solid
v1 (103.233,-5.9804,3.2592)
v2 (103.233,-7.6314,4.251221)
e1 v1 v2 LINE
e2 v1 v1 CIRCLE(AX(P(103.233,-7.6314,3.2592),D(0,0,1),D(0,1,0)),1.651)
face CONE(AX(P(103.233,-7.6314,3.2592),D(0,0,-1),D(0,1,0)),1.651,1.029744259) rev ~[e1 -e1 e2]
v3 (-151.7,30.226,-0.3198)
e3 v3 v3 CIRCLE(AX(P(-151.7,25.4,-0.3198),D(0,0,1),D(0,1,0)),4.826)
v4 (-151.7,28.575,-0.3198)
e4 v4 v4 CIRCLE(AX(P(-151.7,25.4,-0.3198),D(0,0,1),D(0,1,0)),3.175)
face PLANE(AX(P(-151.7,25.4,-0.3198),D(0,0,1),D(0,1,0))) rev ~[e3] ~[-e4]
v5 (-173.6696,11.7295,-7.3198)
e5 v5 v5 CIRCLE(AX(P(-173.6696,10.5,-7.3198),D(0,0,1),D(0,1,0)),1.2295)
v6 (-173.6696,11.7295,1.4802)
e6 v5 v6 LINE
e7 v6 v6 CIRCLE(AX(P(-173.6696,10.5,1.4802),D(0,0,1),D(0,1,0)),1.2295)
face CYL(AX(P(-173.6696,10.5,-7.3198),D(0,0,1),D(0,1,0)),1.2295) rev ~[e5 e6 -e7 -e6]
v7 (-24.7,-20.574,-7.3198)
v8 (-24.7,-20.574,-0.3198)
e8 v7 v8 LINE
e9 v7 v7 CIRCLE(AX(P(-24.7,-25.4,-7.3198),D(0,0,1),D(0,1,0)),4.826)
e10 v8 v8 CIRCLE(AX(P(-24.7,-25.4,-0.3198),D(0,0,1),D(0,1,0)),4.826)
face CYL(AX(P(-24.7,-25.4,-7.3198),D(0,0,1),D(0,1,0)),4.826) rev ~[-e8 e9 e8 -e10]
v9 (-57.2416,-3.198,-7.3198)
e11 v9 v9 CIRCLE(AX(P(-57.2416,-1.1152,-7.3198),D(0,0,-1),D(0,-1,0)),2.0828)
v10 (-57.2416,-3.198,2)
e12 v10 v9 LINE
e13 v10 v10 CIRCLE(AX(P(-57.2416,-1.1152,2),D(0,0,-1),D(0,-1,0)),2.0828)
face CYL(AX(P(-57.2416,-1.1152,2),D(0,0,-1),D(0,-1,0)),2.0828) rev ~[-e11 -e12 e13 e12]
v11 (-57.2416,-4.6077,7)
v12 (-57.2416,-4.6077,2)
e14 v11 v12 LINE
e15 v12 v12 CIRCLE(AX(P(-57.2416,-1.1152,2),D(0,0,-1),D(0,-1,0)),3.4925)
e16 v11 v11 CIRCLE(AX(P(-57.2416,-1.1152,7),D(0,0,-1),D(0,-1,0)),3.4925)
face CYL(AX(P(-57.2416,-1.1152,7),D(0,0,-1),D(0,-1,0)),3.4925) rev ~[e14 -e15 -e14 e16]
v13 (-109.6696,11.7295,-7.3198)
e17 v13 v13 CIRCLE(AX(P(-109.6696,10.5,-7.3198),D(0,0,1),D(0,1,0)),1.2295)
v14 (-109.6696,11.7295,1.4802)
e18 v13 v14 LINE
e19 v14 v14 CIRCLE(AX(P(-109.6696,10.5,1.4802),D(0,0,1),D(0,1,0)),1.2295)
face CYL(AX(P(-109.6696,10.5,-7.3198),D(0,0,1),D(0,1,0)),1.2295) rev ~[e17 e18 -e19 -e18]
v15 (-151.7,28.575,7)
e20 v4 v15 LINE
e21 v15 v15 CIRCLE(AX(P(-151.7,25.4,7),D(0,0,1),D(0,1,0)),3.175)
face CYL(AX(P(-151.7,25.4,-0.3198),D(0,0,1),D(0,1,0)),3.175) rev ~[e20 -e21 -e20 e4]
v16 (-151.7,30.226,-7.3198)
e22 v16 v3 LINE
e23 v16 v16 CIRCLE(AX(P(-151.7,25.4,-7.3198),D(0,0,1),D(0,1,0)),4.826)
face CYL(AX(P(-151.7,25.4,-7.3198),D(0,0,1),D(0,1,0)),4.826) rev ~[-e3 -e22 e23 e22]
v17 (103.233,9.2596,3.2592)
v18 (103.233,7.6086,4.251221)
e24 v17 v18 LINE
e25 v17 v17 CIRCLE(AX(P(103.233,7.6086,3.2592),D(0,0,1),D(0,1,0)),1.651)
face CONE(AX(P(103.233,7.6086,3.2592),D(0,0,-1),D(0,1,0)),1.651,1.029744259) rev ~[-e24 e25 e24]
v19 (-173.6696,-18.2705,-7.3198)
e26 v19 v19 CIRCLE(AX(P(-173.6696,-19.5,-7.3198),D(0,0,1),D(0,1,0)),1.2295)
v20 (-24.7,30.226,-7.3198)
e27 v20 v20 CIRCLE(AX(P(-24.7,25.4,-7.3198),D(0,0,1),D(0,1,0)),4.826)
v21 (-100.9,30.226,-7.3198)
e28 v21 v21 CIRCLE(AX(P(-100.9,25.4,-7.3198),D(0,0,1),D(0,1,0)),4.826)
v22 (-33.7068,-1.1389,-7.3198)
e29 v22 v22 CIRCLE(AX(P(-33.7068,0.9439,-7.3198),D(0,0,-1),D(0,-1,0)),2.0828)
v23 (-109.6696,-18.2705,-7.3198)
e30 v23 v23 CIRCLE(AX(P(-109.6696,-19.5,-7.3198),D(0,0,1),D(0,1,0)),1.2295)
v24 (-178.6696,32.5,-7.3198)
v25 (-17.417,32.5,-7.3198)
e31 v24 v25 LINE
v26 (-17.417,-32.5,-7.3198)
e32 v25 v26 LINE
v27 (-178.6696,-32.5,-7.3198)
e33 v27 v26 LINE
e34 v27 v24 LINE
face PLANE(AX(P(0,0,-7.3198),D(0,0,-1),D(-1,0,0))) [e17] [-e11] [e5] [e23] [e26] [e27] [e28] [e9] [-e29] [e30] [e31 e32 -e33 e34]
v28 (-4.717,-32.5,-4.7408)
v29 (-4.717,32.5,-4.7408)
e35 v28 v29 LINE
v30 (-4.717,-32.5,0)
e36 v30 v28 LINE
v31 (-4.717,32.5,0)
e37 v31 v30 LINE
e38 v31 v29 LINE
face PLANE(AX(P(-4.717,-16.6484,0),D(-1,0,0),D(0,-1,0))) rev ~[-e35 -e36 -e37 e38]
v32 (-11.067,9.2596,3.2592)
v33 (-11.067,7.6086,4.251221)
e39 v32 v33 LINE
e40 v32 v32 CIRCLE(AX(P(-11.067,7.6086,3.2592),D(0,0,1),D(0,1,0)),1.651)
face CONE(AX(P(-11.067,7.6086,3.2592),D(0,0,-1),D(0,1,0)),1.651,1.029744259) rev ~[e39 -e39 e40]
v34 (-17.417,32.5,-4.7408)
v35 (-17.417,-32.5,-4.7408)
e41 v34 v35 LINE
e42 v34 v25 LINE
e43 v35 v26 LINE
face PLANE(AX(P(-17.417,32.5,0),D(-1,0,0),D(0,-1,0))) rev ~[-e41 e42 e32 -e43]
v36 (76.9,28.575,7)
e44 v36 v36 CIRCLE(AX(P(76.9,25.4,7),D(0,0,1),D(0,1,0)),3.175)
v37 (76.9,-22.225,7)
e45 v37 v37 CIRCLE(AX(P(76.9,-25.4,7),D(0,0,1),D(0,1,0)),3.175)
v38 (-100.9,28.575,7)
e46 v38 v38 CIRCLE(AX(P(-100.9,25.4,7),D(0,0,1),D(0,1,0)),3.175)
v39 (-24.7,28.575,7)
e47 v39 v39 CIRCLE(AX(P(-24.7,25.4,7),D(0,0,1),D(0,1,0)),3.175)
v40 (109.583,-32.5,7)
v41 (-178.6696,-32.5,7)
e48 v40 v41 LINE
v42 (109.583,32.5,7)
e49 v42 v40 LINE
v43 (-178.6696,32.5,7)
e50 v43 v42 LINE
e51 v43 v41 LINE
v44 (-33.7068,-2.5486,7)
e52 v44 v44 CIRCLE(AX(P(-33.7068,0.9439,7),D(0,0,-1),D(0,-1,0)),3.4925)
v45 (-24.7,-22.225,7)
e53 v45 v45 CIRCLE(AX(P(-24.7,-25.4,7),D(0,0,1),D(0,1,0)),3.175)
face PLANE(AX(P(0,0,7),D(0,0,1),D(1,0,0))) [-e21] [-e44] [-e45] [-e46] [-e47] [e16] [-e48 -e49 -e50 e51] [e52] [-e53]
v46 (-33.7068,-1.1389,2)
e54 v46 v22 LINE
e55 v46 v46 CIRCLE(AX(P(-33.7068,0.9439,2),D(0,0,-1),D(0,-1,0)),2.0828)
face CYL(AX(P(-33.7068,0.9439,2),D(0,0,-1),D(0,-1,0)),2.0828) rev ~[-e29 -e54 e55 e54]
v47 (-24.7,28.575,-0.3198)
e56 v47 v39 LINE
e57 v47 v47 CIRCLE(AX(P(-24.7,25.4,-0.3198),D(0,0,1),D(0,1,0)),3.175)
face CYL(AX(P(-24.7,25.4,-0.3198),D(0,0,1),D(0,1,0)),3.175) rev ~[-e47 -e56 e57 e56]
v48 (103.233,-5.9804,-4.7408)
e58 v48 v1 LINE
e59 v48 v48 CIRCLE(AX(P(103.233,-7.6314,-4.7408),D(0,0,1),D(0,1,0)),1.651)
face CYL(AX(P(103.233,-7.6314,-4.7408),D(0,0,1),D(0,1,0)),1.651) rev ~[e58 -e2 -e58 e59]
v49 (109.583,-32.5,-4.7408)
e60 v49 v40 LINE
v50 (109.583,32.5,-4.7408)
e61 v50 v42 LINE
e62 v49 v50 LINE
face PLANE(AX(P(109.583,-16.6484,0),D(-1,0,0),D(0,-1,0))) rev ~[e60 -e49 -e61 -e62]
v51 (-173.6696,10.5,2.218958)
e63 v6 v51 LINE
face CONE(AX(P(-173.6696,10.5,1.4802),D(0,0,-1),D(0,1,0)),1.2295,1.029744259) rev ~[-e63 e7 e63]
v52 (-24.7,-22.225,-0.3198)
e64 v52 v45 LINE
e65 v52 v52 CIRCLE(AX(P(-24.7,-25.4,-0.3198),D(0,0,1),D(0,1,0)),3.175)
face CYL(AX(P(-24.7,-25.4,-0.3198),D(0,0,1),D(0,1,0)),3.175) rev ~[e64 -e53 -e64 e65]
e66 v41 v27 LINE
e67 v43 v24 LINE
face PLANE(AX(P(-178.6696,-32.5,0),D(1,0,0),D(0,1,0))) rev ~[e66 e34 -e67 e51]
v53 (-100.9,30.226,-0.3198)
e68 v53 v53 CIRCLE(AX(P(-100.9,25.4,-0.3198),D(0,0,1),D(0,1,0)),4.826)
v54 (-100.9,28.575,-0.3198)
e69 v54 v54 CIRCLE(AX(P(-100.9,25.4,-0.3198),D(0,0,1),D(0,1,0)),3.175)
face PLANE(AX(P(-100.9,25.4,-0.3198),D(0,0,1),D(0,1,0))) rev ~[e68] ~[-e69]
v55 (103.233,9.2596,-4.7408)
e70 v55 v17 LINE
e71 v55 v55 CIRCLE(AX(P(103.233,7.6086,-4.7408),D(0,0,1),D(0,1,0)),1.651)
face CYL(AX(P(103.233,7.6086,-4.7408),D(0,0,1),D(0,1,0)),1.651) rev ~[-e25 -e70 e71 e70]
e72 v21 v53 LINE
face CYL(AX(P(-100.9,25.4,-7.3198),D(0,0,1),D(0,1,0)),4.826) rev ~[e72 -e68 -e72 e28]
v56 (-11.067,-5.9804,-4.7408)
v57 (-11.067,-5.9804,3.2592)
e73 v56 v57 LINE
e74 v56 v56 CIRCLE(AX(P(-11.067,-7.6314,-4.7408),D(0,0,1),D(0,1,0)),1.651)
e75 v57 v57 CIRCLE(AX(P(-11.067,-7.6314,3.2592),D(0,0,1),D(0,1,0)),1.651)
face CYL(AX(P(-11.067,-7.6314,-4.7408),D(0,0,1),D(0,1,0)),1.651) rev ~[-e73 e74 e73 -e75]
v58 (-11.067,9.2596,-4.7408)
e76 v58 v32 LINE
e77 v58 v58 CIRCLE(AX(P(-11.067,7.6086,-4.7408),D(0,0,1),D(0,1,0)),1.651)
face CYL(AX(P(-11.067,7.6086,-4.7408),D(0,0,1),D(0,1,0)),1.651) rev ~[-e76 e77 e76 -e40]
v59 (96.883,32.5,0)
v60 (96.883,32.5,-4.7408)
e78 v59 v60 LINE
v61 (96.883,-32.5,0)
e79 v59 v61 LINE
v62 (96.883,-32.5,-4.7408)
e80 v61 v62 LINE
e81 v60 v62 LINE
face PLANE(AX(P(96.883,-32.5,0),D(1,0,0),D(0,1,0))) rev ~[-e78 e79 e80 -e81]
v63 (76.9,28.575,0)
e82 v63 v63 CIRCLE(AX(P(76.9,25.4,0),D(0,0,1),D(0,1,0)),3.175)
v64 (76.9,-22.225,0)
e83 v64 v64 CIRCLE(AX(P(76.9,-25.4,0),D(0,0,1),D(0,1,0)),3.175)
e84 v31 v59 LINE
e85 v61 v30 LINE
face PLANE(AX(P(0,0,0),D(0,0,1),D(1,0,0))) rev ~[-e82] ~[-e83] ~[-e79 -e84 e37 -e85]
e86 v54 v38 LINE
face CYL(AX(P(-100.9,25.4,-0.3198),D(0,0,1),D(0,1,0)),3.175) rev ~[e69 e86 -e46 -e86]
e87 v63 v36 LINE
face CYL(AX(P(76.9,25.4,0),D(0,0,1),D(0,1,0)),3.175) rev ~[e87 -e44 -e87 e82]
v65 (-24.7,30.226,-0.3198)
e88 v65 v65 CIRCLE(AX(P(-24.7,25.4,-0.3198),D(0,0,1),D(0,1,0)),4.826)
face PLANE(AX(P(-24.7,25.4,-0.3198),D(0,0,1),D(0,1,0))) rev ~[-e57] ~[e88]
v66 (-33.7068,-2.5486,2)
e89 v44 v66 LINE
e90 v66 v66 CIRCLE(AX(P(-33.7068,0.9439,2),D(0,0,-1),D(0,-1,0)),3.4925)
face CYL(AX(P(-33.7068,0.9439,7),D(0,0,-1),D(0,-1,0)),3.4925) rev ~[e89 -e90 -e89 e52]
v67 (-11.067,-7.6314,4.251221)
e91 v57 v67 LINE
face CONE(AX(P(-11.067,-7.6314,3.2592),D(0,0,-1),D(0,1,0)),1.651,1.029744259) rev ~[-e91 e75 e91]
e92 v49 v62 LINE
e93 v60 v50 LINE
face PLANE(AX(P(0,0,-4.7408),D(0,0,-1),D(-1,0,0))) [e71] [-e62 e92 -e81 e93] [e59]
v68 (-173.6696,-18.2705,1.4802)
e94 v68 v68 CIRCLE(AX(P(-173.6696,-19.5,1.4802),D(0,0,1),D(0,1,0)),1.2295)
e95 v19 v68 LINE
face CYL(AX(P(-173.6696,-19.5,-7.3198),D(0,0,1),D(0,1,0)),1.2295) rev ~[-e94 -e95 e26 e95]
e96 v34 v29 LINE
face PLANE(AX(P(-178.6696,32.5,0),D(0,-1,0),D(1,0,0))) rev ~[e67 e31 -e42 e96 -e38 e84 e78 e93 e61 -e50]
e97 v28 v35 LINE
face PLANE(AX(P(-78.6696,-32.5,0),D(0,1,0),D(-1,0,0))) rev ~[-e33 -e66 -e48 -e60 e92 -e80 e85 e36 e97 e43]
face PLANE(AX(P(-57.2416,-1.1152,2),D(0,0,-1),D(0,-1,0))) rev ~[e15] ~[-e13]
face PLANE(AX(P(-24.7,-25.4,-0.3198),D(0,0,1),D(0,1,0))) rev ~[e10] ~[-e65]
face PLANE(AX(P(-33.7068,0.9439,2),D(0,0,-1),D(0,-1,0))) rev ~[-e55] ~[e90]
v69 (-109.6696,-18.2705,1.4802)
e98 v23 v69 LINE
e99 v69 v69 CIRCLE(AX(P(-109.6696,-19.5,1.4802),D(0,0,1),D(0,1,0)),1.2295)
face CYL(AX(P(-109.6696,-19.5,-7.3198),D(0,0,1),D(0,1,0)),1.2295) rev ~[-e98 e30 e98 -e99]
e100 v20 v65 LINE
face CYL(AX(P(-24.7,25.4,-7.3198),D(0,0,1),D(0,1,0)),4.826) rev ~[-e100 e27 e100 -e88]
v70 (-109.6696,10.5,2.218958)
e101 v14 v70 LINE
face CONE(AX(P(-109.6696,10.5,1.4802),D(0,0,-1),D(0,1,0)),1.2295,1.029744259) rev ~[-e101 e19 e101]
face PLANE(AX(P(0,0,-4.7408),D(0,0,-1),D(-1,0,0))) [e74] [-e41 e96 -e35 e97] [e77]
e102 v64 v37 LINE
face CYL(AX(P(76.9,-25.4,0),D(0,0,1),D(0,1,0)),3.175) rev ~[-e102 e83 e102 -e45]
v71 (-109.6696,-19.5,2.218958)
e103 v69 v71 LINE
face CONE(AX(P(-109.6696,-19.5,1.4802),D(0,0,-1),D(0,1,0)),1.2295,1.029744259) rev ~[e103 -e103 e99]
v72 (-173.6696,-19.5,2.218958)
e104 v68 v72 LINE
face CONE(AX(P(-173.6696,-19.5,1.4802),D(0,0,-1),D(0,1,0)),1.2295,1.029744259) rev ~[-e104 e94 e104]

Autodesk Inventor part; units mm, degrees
ref_plane "YZ Plane" through (0, 0, 0) normal (1, 0, 0) x (0, 1, 0)
ref_plane "XZ Plane" through (0, 0, 0) normal (0, 1, 0) x (-1, 0, 0)
ref_plane "XY Plane" through (0, 0, 0) normal (0, 0, 1) x (1, 0, 0)
sketch "Sketch1" plane through (0, 0, 0) normal (0, 0, 1) x (1, 0, 0)
  line L0 (-192.5, 32.5) -> (192.5, 32.5)
  line L1 (192.5, 32.5) -> (192.5, -32.5)
  line L2 (192.5, -32.5) -> (-192.5, -32.5)
  line L3 (-192.5, -32.5) -> (-192.5, 32.5)
  point P0 (0, 0)
  dimension "d0" = 385
  dimension "d1" = 192.5
  dimension "d2" = 65
  dimension "d3" = 32.5
extrude "Extrusion1" add sketch "Sketch1" along normal blind 7
sketch "Sketch2" plane through (0, 0, 0) normal (0, 0, -1) x (-1, 0, 0)
  line L0 (192.5, 32.5) -> (-192.5, 32.5) projected
  line L1 (-192.5, 32.5) -> (-192.5, -32.5) projected
  line L2 (-192.5, -32.5) -> (192.5, -32.5) projected
  line L3 (17.417, 16.6256) -> (17.417, -16.6484) projected
  line L4 (-192.5, 16.6256) -> (-192.5, -16.6484) projected
  line L5 (17.417, 32.5) -> (17.417, -32.5)
  line L6 (4.717, 16.6256) -> (4.717, -16.6484) projected
  line L7 (-171.164, 18.034) -> (-179.8, 18.034) projected
  line L8 (-179.8, 16.6256) -> (-179.8, -16.6484) projected
  line L9 (-179.8, 32.5) -> (-179.8, -32.5)
  line L10 (4.717, 32.5) -> (4.717, -32.5)
  point P0 (0, 0)
extrude "Extrusion2" add sketch "Sketch2" along normal blind 4.7408 contours L5 L3 L2 L10 L6 L0 | L9 L8 L2 L1 L0
sketch "Sketch3" plane through (0, 0, 0) normal (0, 0, -1) x (-1, 0, 0)
  line L0 (17.417, 32.5) -> (17.417, -32.5) projected
  line L1 (17.417, -32.5) -> (192.5, -32.5) projected
  line L2 (63.2414, 16.4628) -> (60.0979, -19.4679) projected
  line L3 (17.417, 32.5) -> (67.417, 32.5)
  line L4 (67.417, 32.5) -> (67.417, -32.5)
  line L5 (67.417, -32.5) -> (17.417, -32.5)
  line L6 (17.417, -32.5) -> (17.417, 32.5)
  line L7 (76.6696, -19.4) -> (76.6696, 30.6) projected
  line L8 (17.417, 32.5) -> (76.6696, 32.5)
  line L9 (76.6696, -32.5) -> (17.417, -32.5)
  line L10 (17.417, -32.5) -> (17.417, 32.5)
  circle A0 centre (83.6696, -4.5) radius 1.5 projected
  circle A1 centre (83.6696, 10.5) radius 2 projected
  line L11 (87.4689, -18.5) -> (87.4689, -24.5) projected
  line L12 (88.6696, -24.5) -> (87.4689, -24.5) projected
  line L13 (88.6696, 15.5) -> (88.6696, -24.5) projected
  line L14 (78.6696, 15.5) -> (88.6696, 15.5) projected
  line L15 (78.6696, -15.5) -> (78.6696, 15.5) projected
  line L16 (78.6696, -15.5) -> (84.4689, -15.5) projected
  arc A2 (87.4689, -18.5) -> (84.4689, -15.5) centre (84.4689, -18.5) ccw projected
  line L17 (67.417, 32.5) -> (78.6696, 32.5)
  line L18 (78.6696, 32.5) -> (78.6696, -32.5)
  line L19 (78.6696, -32.5) -> (67.417, -32.5)
  line L20 (67.417, -32.5) -> (67.417, 32.5)
  point P0 (0, 0)
  dimension "d8" = 50
  dimension "d11" = 0
extrude "Extrusion3" add sketch "Sketch3" along normal blind 7.3198 contours L3 L4 L1 L0 | L8 L17 L18 L15 L1 L4
sketch "Sketch6" plane through (-192.5, -32.5, 7) normal (-1, 0, 0) x (0, 0, 1)
  line L0 (-23, 0) -> (-23, 65) projected
  circle A0 centre (-28, 23.1) radius 1.2295 projected
  circle A1 centre (-28, 53.1) radius 1.2295 projected
  point P0 (-7, 32.5)
hole "Hole1" at (-192.5, -9.4, -21) at (-192.5, 20.6, -21) direction (1, 0, 0) diameter 3 end through all counterbore diameter 5.75 counterbore depth 3
sketch "Sketch8" plane through (0, 0, 7) normal (0, 0, 1) x (1, 0, 0)
  circle A0 centre (-57.2416, -1.1152) radius 2.0828 projected
  circle A1 centre (-33.7068, 0.9439) radius 2.0828 projected
  point P0 (0, 0)
hole "Hole3" at (-33.7068, 0.9439, 7) at (-57.2416, -1.1152, 7) direction (0, 0, -1) diameter 4.1656 end through all counterbore diameter 6.985 counterbore depth 5
sketch "Sketch9" plane through (0, 0, -4.7408) normal (0, 0, -1) x (-1, 0, 0)
  circle A0 centre (11.067, -7.6314) radius 2.1844 projected
  circle A1 centre (11.067, 7.6086) radius 2.1844 projected
  circle A2 centre (-186.15, -7.6314) radius 2.1844 projected
  circle A3 centre (-186.15, 7.6086) radius 2.1844 projected
  point P0 (0, 0)
hole "Hole4" at (-11.067, -7.6314, -4.7408) at (-11.067, 7.6086, -4.7408) at (186.15, -7.6314, -4.7408) at (186.15, 7.6086, -4.7408) direction (0, 0, 1) diameter 3.302 depth 8 tip angle 118 thread size "8-32 UNC" class "2B" standard "ANSI Unified Screw Threads"
sketch "Sketch10" plane through (0, 0, 0) normal (0, 0, -1) x (-1, 0, 0)
  line L0 (192.5, 32.5) -> (78.6696, 32.5) projected
  line L1 (178.6696, 15.5) -> (178.6696, -24.5) projected
  line L2 (178.6696, 32.5) -> (192.5, 32.5)
  line L3 (192.5, 32.5) -> (192.5, -32.5)
  line L4 (192.5, -32.5) -> (178.6696, -32.5)
  line L5 (178.6696, -32.5) -> (178.6696, 32.5)
  point P0 (0, 0)
extrude "Extrusion6" cut sketch "Sketch10" against normal blind 10
sketch "Sketch11" plane through (0, 0, 0) normal (0, 0, -1) x (-1, 0, 0)
  line L0 (178.6696, -32.5) -> (178.6696, 32.5) projected
  line L1 (178.6696, 32.5) -> (78.6696, 32.5) projected
  line L2 (78.6696, 32.5) -> (78.6696, -32.5) projected
  line L3 (78.6696, -32.5) -> (178.6696, -32.5) projected
  point P0 (0, 0)
extrude "Extrusion7" add sketch "Sketch11" along normal blind 7.3198
sketch "Sketch12" plane through (0, 0, -7.3198) normal (0, 0, -1) x (-1, 0, 0)
  circle A0 centre (173.6696, 10.5) radius 2 projected
  circle A1 centre (173.6696, -19.5) radius 2 projected
  line L0 (78.6696, 15.5) -> (178.6696, 15.5) projected
  line L1 (178.6696, 15.5) -> (178.6696, -24.5) projected
  line L2 (178.6696, -24.5) -> (78.6696, -24.5) projected
  line L3 (78.6696, -24.5) -> (78.6696, 15.5) projected
  circle A2 centre (109.6696, -19.5) radius 2.0298
  circle A3 centre (109.6696, 10.5) radius 2
  point P0 (0, 0)
  dimension "d126" = 64
  dimension "d127" = 30
  dimension "d128" = 64
hole "Hole5" at (-173.6696, 10.5, -7.3198) at (-173.6696, -19.5, -7.3198) direction (0, 0, 1) diameter 2.459 depth 8.8 tip angle 118 thread size "M3x0.5" class "6H" standard "ANSI Metric M Profile"
sketch "Sketch13" plane through (0, 0, -7.3198) normal (0, 0, -1) x (-1, 0, 0)
  line L0 (171.6696, -6) -> (175.6696, -6) projected
  arc A0 (175.6696, -6) -> (175.6696, -3) centre (175.6696, -4.5) ccw projected
  line L1 (175.6696, -3) -> (171.6696, -3) projected
  arc A1 (171.6696, -3) -> (171.6696, -6) centre (171.6696, -4.5) ccw projected
  circle A2 centre (83.6696, -4.5) radius 1.5 projected
  circle A3 centre (173.6696, 10.5) radius 2 projected
  circle A4 centre (173.6696, -19.5) radius 2 projected
  circle A5 centre (83.6696, 10.5) radius 2 projected
  circle A6 centre (83.6696, -19.5) radius 2 projected
  line L2 (78.6696, 15.5) -> (178.6696, 15.5) projected
  line L3 (178.6696, 15.5) -> (178.6696, -24.5) projected
  line L4 (178.6696, -24.5) -> (78.6696, -24.5) projected
  line L5 (78.6696, -24.5) -> (78.6696, 15.5) projected
  point P0 (0, 0)
  point P1 (173.6696, -4.5)
hole "Hole6" [suppressed]
sketch "Sketch14" plane through (0, 0, -7.3198) normal (0, 0, -1) x (-1, 0, 0)
  circle A0 centre (126.3, 25.4) radius 3.175 projected
  circle A1 centre (151.7, 25.4) radius 3.175 projected
  point P0 (0, 0)
  point P1 (100.9, 25.4)
  dimension "d63" = 50.8
hole "Hole7" at (-151.7, 25.4, -7.3198) at (-100.9, 25.4, -7.3198) direction (0, 0, 1) diameter 6.35 end through all counterbore diameter 9.652 counterbore depth 7
sketch "Sketch15" plane through (0, 0, -7.3198) normal (0, 0, -1) x (-1, 0, 0)
  line L0 (17.417, 32.5) -> (78.6696, 32.5) projected
  circle A0 centre (100.9, 25.4) radius 4.826 projected
  point P0 (0, 0)
  point P1 (24.7, 25.4)
  point P2 (24.7, -25.4)
  dimension "d71" = 7.1
  dimension "d72" = 76.2
  dimension "d73" = 76.2
  dimension "d74" = 50.8
hole "Hole8" at (-24.7, 25.4, -7.3198) at (-24.7, -25.4, -7.3198) direction (0, 0, 1) diameter 6.35 end through all counterbore diameter 9.652 counterbore depth 7
sketch "Sketch17" plane through (0, 0, 0) normal (0, 0, -1) x (-1, 0, 0)
  line L0 (-179.8, -32.5) -> (4.717, -32.5) projected
  line L1 (4.717, 32.5) -> (-179.8, 32.5) projected
  line L2 (-109.583, 16.6256) -> (-109.583, -16.6484) projected
  line L3 (-96.883, 16.6256) -> (-96.883, -16.6484) projected
  line L4 (-96.883, 32.5) -> (-109.583, 32.5)
  line L5 (-109.583, 32.5) -> (-109.583, -32.5)
  line L6 (-109.583, -32.5) -> (-96.883, -32.5)
  line L7 (-96.883, -32.5) -> (-96.883, 32.5)
  point P0 (0, 0)
extrude "Extrusion8" add sketch "Sketch17" along normal blind 4.7408
sketch "Sketch18" plane through (0, 0, -4.7408) normal (0, 0, -1) x (-1, 0, 0)
  circle A0 centre (-103.233, -7.6314) radius 2.1844 projected
  circle A1 centre (-103.233, 7.6086) radius 2.1844 projected
  point P0 (0, 0)
hole "Hole10" at (103.233, -7.6314, -4.7408) at (103.233, 7.6086, -4.7408) direction (0, 0, 1) diameter 3.302 depth 8 tip angle 118 thread size "8-32 UNC" class "2B" standard "ANSI Unified Screw Threads"
sketch "Sketch19" plane through (0, 0, -4.7408) normal (0, 0, -1) x (-1, 0, 0)
  line L0 (-192.5, -32.5) -> (-192.5, 32.5) projected
  line L1 (-179.8, -32.5) -> (-109.583, -32.5) projected
  line L2 (-109.583, 32.5) -> (-179.8, 32.5) projected
  line L3 (-109.583, 32.5) -> (-192.5, 32.5)
  line L4 (-192.5, 32.5) -> (-192.5, -32.5)
  line L5 (-192.5, -32.5) -> (-109.583, -32.5)
  line L6 (-109.583, -32.5) -> (-109.583, 32.5)
  point P0 (0, 0)
extrude "Extrusion9" cut sketch "Sketch19" against normal blind 25
sketch "Sketch20" plane through (0, 0, 0) normal (0, 0, -1) x (-1, 0, 0)
  circle A0 centre (24.7, -25.4) radius 4.826 projected
  circle A1 centre (24.7, 25.4) radius 4.826 projected
  point P0 (0, 0)
  point P1 (-76.9, -25.4)
  point P2 (-76.9, 25.4)
  dimension "d103" = 101.6
  dimension "d104" = 101.6
hole "Hole11" at (76.9, -25.4, 0) at (76.9, 25.4, 0) direction (0, 0, 1) diameter 6.35 end through all
hole "Hole12" at (-109.6696, 10.5, -7.3198) direction (0, 0, 1) diameter 2.459 depth 8.8 tip angle 118 thread size "M3x0.5" class "6H" standard "ANSI Metric M Profile"
hole "Hole13" at (-109.6696, -19.5, -7.3198) direction (0, 0, 1) diameter 2.459 depth 8.8 tip angle 118 thread size "M3x0.5" class "6H" standard "ANSI Metric M Profile"
properties part number "OBIS laser subassy shortened baseplate"
